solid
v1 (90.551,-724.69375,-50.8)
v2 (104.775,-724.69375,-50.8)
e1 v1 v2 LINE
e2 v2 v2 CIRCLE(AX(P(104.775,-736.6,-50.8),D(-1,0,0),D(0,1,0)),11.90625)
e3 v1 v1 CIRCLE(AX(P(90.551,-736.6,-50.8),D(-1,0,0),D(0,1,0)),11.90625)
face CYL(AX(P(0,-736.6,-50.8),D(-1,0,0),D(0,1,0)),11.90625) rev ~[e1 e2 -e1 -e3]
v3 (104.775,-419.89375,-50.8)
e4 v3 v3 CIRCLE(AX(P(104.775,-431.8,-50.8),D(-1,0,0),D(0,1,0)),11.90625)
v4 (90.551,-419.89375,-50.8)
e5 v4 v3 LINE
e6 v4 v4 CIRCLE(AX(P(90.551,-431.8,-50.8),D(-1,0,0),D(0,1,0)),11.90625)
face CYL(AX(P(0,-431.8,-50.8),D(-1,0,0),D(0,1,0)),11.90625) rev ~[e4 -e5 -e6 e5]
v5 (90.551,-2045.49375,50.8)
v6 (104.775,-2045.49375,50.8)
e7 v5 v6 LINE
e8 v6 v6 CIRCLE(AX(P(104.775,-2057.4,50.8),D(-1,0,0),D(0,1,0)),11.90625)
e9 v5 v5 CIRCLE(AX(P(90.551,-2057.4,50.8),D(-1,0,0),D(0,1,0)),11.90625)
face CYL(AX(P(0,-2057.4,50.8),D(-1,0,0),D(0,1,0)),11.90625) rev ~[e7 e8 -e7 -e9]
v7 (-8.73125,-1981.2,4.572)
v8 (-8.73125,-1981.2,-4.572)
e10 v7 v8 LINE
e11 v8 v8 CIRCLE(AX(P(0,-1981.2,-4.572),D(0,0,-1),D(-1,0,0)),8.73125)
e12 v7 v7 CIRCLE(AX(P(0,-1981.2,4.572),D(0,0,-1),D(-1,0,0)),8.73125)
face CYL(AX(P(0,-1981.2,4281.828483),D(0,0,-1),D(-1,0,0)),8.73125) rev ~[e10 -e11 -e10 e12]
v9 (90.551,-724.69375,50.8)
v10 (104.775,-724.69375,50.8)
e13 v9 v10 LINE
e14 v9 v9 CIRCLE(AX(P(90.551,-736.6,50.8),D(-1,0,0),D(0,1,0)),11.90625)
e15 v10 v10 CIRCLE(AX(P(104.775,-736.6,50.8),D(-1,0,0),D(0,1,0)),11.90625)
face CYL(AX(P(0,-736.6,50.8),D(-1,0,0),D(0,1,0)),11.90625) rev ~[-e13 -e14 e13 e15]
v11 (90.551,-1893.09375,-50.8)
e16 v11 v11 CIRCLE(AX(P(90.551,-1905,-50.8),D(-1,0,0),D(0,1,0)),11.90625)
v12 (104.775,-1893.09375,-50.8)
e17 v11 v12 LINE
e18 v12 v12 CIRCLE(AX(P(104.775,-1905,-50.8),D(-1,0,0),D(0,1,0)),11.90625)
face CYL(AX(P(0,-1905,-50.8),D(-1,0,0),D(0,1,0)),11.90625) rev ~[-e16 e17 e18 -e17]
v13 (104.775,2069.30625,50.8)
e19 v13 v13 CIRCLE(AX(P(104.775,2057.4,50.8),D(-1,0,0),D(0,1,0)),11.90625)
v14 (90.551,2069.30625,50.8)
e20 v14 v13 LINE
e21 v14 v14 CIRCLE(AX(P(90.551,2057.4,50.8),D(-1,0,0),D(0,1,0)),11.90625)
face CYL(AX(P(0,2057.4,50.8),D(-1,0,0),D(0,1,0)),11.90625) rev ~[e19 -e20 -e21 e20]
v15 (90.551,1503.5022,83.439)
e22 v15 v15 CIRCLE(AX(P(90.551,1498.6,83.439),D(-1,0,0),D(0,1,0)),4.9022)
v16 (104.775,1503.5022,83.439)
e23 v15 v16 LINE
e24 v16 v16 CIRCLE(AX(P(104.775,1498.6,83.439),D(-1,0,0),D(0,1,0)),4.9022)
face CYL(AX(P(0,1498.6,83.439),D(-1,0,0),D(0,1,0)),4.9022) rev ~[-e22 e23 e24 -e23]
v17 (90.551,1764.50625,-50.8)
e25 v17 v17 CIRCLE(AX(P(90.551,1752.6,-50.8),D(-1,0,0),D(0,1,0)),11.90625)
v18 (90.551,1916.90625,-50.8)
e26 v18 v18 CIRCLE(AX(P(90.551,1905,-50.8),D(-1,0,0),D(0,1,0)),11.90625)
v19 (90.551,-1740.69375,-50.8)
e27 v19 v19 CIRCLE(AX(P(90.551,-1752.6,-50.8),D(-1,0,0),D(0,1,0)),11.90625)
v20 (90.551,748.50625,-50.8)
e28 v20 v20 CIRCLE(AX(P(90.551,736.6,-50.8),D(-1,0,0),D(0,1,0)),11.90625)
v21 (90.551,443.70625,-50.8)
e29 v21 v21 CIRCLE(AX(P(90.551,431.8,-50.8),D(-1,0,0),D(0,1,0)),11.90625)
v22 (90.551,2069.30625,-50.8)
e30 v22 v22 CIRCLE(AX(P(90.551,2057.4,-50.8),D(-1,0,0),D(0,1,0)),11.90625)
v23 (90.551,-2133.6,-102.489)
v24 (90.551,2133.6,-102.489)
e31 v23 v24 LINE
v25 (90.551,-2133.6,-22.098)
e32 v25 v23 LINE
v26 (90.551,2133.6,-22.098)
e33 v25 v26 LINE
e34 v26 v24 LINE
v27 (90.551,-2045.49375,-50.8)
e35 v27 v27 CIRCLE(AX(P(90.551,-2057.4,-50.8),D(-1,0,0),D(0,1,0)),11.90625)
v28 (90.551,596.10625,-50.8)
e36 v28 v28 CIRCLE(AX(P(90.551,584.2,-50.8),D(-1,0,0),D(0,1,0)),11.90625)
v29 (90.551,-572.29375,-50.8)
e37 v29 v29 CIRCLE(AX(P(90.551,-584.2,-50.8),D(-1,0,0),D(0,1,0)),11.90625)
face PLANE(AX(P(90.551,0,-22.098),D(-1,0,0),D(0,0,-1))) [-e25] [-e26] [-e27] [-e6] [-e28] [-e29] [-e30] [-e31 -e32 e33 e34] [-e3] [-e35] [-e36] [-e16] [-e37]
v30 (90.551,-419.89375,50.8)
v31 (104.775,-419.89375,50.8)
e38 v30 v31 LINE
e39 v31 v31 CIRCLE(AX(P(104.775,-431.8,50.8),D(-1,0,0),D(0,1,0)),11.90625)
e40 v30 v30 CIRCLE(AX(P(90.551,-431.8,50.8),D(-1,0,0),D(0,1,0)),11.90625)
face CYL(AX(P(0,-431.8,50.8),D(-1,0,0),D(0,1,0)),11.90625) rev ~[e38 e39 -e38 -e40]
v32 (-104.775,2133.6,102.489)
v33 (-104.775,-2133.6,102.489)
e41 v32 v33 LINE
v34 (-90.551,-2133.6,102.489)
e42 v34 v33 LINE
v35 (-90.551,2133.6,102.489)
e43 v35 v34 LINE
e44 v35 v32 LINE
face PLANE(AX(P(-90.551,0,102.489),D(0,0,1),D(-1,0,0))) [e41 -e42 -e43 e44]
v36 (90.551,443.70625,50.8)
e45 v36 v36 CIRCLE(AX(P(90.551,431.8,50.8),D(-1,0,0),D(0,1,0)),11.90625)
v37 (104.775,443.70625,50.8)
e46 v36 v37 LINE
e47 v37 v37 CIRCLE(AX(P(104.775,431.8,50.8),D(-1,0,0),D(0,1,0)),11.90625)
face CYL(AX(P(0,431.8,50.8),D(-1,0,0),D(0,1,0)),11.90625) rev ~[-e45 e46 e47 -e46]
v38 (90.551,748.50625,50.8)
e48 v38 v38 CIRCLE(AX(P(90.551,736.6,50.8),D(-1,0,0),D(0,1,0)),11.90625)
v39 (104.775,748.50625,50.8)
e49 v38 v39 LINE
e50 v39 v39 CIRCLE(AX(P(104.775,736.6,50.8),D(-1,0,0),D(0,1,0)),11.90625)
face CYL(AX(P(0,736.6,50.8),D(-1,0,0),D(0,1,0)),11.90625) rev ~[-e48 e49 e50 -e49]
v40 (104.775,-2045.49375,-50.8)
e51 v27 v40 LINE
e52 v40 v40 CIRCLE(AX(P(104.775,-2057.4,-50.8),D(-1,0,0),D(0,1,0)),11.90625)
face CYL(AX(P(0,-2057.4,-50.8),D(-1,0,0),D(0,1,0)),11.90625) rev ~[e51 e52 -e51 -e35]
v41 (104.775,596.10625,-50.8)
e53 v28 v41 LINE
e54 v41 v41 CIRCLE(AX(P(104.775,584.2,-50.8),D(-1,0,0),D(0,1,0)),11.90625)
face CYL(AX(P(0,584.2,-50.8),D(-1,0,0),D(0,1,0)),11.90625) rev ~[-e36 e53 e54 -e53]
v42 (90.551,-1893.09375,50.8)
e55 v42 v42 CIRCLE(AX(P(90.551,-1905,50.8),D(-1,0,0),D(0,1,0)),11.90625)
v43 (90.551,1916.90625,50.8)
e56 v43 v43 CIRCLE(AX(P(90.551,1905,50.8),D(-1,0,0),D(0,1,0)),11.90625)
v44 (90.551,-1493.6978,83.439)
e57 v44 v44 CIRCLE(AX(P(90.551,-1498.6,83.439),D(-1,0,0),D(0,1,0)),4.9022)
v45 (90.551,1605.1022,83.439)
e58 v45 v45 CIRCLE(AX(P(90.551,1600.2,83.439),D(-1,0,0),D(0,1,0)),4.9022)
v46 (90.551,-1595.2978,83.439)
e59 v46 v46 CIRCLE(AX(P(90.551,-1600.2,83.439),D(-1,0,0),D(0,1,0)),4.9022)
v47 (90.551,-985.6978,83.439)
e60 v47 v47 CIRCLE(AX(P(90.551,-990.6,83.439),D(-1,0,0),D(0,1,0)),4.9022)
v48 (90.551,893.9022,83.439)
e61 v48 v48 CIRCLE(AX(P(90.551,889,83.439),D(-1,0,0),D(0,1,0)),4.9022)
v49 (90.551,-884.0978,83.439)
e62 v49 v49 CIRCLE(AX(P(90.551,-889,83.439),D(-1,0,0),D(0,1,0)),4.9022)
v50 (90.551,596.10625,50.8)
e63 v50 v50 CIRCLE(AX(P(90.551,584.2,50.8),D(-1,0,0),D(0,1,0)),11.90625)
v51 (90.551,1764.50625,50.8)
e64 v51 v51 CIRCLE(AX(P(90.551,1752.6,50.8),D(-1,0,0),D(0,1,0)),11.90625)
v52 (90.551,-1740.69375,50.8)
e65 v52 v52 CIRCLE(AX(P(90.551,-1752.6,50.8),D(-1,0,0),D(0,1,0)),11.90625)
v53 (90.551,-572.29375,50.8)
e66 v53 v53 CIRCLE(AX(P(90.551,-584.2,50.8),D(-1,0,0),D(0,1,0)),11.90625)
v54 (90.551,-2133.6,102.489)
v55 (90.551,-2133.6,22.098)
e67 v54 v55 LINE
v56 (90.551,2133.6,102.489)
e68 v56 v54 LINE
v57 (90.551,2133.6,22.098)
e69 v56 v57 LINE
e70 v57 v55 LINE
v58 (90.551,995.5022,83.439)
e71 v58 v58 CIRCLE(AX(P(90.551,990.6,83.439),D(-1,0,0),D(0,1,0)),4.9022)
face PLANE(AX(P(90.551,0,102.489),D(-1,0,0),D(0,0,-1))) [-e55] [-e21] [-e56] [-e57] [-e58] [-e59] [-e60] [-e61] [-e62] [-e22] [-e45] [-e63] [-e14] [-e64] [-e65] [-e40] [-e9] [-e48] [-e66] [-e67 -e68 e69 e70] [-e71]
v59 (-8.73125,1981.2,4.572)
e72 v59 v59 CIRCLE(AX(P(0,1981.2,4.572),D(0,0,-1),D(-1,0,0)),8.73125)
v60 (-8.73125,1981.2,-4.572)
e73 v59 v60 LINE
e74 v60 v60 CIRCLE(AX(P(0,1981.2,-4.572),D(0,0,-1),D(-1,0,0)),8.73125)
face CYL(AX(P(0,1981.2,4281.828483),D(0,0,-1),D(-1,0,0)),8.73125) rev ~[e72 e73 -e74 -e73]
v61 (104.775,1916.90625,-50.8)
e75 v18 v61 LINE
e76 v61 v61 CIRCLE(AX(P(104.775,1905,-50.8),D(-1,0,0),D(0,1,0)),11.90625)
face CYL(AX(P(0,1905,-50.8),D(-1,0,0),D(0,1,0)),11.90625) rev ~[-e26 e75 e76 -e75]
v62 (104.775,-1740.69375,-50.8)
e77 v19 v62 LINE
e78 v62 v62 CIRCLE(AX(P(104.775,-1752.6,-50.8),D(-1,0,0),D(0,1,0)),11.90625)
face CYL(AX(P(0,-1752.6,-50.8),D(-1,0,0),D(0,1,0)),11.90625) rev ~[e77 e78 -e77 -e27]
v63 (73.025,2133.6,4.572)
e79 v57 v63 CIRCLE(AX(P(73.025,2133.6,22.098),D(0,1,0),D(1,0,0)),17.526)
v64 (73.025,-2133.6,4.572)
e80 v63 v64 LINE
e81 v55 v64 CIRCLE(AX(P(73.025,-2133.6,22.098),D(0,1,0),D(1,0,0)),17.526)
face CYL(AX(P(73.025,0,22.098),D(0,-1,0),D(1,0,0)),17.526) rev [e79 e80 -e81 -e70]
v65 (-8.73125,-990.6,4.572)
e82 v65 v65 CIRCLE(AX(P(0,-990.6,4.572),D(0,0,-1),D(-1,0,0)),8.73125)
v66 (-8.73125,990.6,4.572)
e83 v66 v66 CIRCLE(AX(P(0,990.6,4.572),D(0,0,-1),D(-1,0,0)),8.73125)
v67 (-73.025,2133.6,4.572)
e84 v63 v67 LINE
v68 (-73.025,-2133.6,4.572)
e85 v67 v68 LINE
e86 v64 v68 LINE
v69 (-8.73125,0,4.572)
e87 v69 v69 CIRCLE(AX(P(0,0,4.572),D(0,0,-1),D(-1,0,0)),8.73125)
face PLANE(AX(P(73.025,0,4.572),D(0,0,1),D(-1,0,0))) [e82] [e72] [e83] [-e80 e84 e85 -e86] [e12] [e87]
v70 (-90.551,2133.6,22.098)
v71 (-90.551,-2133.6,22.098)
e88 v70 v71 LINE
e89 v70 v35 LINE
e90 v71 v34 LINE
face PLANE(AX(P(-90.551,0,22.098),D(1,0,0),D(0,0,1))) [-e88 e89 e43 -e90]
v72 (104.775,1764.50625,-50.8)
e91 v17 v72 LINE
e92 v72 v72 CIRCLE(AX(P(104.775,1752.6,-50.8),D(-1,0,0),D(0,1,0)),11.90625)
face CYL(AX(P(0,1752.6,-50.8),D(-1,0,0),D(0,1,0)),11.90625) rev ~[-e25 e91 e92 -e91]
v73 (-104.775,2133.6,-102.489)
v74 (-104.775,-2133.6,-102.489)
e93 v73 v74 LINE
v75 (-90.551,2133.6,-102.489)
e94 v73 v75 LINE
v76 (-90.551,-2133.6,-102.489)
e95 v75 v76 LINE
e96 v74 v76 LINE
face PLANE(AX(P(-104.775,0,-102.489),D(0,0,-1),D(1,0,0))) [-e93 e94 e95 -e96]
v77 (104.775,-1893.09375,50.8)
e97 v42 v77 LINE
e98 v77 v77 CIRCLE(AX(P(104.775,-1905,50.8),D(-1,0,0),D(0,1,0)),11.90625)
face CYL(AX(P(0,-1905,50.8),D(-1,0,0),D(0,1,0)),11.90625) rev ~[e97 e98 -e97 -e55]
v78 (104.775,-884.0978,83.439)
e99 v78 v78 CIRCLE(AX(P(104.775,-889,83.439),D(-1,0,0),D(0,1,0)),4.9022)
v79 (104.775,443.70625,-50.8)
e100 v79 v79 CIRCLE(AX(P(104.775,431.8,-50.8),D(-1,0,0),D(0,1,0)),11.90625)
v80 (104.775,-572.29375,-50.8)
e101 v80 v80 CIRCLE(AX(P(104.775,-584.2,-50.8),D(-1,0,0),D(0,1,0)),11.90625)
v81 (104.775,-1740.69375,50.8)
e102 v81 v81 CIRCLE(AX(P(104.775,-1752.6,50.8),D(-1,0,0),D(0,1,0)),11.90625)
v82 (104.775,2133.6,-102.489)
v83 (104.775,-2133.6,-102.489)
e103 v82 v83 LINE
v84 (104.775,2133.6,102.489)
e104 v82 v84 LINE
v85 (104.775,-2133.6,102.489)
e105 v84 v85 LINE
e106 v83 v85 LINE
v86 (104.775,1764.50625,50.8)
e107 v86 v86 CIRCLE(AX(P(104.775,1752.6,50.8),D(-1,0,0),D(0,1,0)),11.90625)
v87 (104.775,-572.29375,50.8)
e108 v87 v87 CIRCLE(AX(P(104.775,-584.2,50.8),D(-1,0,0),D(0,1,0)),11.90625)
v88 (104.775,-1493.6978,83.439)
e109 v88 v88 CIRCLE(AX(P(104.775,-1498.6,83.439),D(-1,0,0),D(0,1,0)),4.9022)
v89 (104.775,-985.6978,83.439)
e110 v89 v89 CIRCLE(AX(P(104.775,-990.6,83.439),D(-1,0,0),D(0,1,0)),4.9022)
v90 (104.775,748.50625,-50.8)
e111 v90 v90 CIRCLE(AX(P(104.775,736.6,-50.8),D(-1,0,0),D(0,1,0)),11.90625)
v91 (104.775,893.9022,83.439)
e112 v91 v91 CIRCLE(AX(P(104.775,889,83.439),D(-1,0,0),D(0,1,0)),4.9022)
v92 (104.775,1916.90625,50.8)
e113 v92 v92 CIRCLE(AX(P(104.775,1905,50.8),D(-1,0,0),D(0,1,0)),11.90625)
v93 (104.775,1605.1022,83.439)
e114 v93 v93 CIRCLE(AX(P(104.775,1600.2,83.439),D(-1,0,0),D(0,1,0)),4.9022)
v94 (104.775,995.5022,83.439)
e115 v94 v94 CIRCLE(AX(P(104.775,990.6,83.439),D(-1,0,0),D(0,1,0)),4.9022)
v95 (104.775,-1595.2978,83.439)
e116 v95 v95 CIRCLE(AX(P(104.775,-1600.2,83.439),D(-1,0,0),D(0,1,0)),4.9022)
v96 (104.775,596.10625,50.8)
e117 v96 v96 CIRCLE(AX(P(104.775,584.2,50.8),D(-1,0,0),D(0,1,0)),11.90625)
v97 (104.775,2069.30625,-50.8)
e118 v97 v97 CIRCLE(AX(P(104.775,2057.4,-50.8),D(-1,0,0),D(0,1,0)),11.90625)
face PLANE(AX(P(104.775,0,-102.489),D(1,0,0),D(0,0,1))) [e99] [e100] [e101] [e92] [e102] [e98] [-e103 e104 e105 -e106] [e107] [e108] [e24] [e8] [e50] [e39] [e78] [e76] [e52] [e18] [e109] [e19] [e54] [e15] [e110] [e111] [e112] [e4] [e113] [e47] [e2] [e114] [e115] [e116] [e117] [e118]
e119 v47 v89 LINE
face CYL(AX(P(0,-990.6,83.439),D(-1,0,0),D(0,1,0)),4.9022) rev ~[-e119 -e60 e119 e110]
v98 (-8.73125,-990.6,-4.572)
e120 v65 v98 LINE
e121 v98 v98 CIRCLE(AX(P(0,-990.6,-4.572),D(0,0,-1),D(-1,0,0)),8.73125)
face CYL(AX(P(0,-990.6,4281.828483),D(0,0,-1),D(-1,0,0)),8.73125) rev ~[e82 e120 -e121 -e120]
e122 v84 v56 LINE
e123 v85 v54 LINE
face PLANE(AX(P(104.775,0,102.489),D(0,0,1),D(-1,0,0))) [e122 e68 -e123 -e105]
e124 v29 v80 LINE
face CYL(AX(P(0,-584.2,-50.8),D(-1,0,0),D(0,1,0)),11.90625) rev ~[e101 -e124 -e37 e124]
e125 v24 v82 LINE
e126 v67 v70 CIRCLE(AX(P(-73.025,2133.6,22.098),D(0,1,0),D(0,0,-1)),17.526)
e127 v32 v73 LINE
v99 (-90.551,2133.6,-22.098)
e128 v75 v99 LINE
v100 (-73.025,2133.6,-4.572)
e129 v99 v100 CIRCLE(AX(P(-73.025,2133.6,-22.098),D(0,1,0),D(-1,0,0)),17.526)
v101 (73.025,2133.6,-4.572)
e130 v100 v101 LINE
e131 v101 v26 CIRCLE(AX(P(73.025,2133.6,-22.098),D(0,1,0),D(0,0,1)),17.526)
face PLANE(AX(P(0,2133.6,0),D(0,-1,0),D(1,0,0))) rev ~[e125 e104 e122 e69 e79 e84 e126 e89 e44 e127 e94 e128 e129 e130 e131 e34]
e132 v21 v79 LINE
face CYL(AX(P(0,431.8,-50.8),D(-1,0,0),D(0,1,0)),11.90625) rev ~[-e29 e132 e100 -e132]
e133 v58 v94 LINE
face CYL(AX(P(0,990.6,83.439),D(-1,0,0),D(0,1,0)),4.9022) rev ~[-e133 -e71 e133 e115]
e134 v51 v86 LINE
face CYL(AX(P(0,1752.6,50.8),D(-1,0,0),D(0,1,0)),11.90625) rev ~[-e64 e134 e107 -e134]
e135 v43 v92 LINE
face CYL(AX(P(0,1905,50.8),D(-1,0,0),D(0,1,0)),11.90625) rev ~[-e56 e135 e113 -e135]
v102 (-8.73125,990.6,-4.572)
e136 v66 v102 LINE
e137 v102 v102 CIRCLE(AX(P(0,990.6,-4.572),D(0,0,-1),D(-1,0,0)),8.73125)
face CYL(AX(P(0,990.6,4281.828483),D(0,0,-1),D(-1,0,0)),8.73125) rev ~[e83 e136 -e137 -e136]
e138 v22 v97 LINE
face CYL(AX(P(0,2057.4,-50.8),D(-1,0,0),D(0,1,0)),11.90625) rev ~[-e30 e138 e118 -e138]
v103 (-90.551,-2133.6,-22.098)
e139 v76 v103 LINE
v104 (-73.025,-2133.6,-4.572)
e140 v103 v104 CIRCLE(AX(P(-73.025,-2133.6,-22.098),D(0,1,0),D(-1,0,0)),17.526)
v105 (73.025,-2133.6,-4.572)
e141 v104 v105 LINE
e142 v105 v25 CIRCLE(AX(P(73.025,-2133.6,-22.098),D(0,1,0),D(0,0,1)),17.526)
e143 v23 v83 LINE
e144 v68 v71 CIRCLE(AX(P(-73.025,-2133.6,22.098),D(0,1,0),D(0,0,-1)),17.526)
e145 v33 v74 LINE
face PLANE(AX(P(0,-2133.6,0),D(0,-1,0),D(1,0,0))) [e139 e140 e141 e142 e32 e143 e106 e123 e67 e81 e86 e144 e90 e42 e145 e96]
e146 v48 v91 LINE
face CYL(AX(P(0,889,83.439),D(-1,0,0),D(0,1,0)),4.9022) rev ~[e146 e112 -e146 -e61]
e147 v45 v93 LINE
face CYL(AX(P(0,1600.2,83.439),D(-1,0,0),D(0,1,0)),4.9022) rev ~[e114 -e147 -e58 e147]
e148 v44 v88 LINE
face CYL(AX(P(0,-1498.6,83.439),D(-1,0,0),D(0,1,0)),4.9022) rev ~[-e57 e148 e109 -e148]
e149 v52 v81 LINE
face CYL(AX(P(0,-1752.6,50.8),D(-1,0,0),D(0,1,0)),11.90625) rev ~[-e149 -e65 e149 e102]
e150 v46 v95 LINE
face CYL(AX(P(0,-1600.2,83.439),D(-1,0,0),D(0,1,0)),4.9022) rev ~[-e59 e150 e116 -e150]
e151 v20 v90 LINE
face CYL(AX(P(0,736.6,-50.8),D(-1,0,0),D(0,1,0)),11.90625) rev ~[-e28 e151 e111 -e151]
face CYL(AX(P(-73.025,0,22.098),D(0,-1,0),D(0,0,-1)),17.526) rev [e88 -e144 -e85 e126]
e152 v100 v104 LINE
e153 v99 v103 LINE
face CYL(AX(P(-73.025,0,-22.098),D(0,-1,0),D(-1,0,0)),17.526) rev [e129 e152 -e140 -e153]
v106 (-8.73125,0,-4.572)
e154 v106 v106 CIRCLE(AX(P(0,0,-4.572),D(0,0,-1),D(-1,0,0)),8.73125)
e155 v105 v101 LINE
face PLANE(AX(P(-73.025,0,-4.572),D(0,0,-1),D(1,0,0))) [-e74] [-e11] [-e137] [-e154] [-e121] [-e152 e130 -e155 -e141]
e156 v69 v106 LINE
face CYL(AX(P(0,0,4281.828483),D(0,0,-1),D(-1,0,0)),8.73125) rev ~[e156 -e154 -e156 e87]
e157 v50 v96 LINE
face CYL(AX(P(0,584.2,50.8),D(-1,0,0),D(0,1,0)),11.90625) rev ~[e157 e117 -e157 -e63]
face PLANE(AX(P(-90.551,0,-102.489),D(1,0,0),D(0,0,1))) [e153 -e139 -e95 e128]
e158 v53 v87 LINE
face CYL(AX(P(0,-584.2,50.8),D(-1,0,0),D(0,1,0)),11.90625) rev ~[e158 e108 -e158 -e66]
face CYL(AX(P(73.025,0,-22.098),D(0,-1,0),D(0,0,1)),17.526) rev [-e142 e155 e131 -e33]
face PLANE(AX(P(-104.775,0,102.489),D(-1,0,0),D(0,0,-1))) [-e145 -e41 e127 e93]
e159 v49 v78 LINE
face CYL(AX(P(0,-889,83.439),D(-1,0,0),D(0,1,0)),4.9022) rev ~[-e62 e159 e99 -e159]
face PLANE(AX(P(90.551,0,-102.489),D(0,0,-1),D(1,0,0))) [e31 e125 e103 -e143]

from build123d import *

# Parameters (mm, degrees)
F1_DEPTH = 2133.6
F3_D     = 23.8125
F3_DEPTH = 104.776
F5_D     = 17.4625
F6_D     = 9.8044
F6_DEPTH = 104.776


with BuildPart() as f1:
    # F0 (on Front) → F1 (new body, symmetric)
    with BuildSketch(Plane.XZ):
        with BuildLine():
            Line((90.551, -102.489), (104.775, -102.489))
            Line((104.775, -102.489), (104.775, 102.489))
            Line((104.775, 102.489), (90.551, 102.489))
            Line((90.551, 102.489), (90.551, 22.098))
            ThreePointArc((90.551, 22.098), (85.4177534471, 9.7052465529), (73.025, 4.572))
            Line((73.025, 4.572), (-73.025, 4.572))
            ThreePointArc((-73.025, 4.572), (-85.4177534471, 9.7052465529), (-90.551, 22.098))
            Line((-90.551, 22.098), (-90.551, 102.489))
            Line((-90.551, 102.489), (-104.775, 102.489))
            Line((-104.775, 102.489), (-104.775, -102.489))
            Line((-104.775, -102.489), (-90.551, -102.489))
            Line((-90.551, -102.489), (-90.551, -22.098))
            ThreePointArc((-90.551, -22.098), (-85.4177534471, -9.7052465529), (-73.025, -4.572))
            Line((-73.025, -4.572), (73.025, -4.572))
            ThreePointArc((73.025, -4.572), (85.4177534471, -9.7052465529), (90.551, -22.098))
            Line((90.551, -22.098), (90.551, -102.489))
        make_face()
    extrude(amount=F1_DEPTH, both=True)

    # F3 (through all, one way)
    with BuildSketch(Plane(origin=(0, 0, 0), x_dir=(0, 1, 0), z_dir=(-1, 0, 0))):
        with Locations((-2057.4, -50.8), (-1905, -50.8), (-1752.6, -50.8), (-2057.4, 50.8), (-1905, 50.8), (-1752.6, 50.8), (-736.6, -50.8), (-584.2, -50.8), (-431.8, -50.8), (-736.6, 50.8), (-584.2, 50.8), (-431.8, 50.8), (431.8, -50.8), (584.2, -50.8), (736.6, -50.8), (431.8, 50.8), (584.2, 50.8), (736.6, 50.8), (1752.6, -50.8), (1905, -50.8), (2057.4, -50.8), (1752.6, 50.8), (1905, 50.8), (2057.4, 50.8)):
            Circle(F3_D / 2)
    extrude(amount=-F3_DEPTH, mode=Mode.SUBTRACT)

    # F5 (through all)
    with Locations(Plane.XY.offset(4.572)):
        with Locations((0, -1981.2), (0, -990.6), (0, 0), (0, 990.6), (0, 1981.2)):
            Hole(F5_D / 2)

    # F6 (through all, one way)
    with BuildSketch(Plane(origin=(0, 0, 0), x_dir=(0, 1, 0), z_dir=(-1, 0, 0))):
        with Locations((-1600.2, -83.439), (-1498.6, -83.439), (-990.6, -83.439), (-889, -83.439), (889, -83.439), (990.6, -83.439), (1498.6, -83.439), (1600.2, -83.439)):
            Circle(F6_D / 2)
    extrude(amount=-F6_DEPTH, mode=Mode.SUBTRACT)


solid = f1.part
